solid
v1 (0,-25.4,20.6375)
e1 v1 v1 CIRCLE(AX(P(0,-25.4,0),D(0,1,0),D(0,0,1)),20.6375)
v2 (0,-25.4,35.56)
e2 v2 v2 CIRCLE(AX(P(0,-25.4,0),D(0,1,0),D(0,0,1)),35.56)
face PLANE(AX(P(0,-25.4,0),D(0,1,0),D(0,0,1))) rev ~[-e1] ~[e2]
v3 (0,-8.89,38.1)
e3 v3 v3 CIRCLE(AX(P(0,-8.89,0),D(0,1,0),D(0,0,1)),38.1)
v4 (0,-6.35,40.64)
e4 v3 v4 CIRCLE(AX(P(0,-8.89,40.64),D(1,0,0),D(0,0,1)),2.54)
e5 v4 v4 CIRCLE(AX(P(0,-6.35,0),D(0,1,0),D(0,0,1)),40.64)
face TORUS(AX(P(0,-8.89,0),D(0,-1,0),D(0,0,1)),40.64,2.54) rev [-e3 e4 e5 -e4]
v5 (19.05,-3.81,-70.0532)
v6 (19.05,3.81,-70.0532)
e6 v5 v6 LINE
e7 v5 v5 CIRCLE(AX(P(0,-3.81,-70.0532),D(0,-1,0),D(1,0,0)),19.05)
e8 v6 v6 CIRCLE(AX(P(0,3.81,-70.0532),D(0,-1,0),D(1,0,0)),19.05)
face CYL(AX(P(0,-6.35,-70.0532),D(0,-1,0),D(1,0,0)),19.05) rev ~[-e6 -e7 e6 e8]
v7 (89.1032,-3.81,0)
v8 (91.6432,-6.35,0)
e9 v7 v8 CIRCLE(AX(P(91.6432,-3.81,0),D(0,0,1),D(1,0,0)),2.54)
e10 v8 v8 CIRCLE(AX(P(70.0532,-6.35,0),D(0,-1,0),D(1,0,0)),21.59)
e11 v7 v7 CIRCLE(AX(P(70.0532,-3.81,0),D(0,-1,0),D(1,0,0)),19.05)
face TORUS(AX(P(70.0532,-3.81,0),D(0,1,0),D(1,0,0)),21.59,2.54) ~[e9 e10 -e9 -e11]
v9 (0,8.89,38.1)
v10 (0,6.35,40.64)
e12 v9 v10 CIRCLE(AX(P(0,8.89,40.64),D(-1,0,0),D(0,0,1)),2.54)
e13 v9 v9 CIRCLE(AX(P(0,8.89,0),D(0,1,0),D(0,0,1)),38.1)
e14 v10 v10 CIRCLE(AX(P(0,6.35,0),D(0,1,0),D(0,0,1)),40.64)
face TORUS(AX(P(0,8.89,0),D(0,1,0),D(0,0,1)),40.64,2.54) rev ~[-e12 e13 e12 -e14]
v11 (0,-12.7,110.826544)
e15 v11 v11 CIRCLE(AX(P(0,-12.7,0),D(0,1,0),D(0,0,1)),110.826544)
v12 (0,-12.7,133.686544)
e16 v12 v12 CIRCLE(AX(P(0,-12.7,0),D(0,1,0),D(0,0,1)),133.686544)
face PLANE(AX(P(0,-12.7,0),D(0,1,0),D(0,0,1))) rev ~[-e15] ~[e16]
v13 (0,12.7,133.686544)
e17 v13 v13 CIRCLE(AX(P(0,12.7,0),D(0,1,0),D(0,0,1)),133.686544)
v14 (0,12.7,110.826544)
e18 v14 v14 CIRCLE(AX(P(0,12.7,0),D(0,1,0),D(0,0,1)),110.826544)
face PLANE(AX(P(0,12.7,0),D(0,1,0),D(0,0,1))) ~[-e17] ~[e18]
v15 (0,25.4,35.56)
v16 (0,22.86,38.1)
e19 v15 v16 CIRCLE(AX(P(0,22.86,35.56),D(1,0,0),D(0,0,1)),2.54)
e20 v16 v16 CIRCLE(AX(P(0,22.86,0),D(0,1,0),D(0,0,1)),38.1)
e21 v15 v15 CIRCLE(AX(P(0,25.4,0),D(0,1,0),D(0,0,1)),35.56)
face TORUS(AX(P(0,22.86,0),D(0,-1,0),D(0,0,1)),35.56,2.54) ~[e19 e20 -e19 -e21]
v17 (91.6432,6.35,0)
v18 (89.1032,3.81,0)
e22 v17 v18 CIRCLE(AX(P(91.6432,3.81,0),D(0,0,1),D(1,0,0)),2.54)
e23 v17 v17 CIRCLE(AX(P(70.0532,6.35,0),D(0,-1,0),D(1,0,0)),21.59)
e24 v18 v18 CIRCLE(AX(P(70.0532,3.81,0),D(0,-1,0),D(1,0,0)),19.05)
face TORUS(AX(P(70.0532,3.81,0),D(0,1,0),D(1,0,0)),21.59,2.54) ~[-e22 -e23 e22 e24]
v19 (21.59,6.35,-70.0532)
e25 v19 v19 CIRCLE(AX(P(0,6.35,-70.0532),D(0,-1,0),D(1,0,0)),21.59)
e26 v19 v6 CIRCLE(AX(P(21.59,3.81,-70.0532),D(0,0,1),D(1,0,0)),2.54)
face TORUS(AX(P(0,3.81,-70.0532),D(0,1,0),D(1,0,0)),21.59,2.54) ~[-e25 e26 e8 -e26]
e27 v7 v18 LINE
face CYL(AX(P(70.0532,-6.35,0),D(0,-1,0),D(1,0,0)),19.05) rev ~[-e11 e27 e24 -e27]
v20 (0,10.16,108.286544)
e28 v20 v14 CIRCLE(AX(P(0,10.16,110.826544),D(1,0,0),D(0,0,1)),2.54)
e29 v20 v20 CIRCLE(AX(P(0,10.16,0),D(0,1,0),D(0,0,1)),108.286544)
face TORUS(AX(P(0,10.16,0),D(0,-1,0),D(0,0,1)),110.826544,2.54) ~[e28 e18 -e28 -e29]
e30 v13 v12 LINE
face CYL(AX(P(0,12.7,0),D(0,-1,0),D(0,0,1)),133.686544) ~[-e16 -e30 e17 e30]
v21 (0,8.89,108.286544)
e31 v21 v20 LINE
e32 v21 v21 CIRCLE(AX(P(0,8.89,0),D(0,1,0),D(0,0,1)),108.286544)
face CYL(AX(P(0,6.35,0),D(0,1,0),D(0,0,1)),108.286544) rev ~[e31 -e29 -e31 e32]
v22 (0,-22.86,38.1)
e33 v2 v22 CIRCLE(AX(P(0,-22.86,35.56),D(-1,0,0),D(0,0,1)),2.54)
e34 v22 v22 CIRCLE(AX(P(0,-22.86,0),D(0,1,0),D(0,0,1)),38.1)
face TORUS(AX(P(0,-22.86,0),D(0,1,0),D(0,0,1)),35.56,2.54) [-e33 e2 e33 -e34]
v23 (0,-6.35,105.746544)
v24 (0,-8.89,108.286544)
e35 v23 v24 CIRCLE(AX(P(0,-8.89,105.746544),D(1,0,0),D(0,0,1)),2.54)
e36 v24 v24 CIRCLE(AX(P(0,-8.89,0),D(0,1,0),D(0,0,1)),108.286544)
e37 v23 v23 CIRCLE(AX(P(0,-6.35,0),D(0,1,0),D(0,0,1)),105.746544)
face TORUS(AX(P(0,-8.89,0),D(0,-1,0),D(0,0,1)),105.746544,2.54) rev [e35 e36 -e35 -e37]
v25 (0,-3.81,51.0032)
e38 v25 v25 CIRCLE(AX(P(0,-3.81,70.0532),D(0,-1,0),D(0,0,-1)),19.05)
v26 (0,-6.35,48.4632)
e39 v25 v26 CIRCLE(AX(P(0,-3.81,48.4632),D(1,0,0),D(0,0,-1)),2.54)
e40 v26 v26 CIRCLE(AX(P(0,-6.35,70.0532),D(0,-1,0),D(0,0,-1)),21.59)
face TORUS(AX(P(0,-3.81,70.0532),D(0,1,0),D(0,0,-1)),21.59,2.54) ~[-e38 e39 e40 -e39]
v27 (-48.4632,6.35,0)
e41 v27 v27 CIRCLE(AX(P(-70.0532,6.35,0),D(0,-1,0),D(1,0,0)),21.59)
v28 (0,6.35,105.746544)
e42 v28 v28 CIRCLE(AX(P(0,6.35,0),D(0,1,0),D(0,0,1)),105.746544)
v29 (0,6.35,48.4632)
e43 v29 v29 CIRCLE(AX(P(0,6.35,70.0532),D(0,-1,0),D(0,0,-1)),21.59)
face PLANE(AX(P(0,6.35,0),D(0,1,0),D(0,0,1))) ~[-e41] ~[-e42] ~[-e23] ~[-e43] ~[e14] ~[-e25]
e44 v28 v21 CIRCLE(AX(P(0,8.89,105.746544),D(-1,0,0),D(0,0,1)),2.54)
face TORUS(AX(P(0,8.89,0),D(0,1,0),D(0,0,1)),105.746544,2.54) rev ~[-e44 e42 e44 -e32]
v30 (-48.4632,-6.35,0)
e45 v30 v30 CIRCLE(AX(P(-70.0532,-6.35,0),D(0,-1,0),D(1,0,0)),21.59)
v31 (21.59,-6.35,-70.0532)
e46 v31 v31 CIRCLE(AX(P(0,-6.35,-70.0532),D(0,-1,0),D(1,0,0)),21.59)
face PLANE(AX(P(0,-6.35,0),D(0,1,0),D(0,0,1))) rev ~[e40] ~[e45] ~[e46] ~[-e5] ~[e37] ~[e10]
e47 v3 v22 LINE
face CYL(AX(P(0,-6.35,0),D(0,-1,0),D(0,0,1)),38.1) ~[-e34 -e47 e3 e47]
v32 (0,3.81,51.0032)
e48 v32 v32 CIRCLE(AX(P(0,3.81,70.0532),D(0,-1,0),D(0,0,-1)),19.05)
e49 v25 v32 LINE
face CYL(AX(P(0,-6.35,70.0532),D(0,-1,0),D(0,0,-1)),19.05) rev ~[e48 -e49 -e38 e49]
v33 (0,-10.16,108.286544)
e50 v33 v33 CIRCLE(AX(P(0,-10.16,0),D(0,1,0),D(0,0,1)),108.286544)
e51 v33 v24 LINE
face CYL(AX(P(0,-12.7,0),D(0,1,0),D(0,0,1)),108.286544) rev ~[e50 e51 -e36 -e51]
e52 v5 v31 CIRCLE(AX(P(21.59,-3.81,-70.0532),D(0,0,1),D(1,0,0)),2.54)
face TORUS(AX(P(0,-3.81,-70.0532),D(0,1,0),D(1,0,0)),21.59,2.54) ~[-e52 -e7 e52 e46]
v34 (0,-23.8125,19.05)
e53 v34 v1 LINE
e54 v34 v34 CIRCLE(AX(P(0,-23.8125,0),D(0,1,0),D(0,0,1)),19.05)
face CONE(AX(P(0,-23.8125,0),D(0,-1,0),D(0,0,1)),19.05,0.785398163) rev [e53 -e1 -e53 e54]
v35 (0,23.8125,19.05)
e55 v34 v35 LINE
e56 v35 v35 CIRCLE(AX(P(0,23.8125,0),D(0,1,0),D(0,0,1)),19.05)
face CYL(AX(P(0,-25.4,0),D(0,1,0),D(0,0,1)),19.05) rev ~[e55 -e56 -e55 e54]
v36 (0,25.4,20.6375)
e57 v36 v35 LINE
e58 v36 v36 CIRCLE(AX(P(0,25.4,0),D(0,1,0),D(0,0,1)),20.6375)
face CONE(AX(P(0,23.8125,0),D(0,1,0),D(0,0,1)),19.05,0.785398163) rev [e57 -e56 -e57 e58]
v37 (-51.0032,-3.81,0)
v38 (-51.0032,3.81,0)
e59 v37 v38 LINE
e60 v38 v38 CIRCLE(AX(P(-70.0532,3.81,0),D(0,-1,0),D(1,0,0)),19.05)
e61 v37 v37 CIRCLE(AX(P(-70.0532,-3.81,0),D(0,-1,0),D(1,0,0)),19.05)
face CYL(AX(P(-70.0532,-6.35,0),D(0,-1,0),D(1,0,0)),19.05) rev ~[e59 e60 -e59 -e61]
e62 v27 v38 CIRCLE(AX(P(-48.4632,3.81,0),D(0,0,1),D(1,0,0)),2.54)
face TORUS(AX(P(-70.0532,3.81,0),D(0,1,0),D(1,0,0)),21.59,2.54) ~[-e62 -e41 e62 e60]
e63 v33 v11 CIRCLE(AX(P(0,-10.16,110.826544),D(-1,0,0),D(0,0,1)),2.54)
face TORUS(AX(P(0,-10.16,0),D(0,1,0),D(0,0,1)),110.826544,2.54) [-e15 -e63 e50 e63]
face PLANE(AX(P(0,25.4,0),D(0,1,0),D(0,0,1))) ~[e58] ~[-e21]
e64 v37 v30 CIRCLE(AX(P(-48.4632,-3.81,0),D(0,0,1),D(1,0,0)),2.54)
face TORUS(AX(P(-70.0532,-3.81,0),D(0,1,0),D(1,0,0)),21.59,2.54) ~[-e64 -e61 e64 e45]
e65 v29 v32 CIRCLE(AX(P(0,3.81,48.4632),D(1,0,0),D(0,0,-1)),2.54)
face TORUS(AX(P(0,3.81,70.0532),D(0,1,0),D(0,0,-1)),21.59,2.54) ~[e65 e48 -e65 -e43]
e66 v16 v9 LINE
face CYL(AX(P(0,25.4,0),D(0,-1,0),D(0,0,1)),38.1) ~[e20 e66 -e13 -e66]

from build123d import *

# Parameters (mm, degrees)
F2_R     = 19.05
F3_DEPTH = 25.4
F4_R     = 2.54
F5_SIZE  = 1.5875


with BuildPart() as f1:
    # F0 (on Right) → F1 (revolve)
    with BuildSketch(Plane.YZ):
        Polygon((0, 19.05), (25.4, 19.05), (25.4, 38.1), (6.35, 38.1), (6.35, 108.2865435958), (12.7, 108.2865435958), (12.7, 133.6865435958), (-12.7, 133.6865435958), (-12.7, 108.2865435958), (-6.35, 108.2865435958), (-6.35, 38.1), (-25.4, 38.1), (-25.4, 19.05), align=None)
    revolve(axis=Axis((0, 40.6654, 0), (0, 1, 0)))

    # F2 (on face) → F3 (cut)
    with BuildSketch(Plane.XZ.offset(6.35)):
        with Locations((70.0532, 0)):
            Circle(F2_R)
        with Locations((0, -70.0532)):
            Circle(F2_R)
        with Locations((-70.0532, 0)):
            Circle(F2_R)
        with BuildLine():
            ThreePointArc((19.05, 70.0532), (-13.4703841816, 83.5235841816), (0, 51.0032))
            ThreePointArc((0, 51.0032), (13.4703841816, 56.5828158184), (19.05, 70.0532))
        make_face()
    extrude(amount=-F3_DEPTH, mode=Mode.SUBTRACT)

    # F4
    f4_edges = [f1.edges().sort_by_distance(p)[0] for p in [
        (0, 25.4, -38.1),
        (0, 6.35, -38.1),
        (0, 12.7, -108.286544),
        (0, 6.35, -108.286544),
        (-89.1032, 6.35, 0),
        (0, 6.35, 89.1032),
        (-19.05, 6.35, -70.0532),
        (51.0032, 6.35, 0),
        (0, -25.4, -38.1),
        (0, -6.35, -38.1),
        (0, -12.7, -108.286544),
        (0, -6.35, -108.286544),
        (-89.1032, -6.35, 0),
        (-19.05, -6.35, -70.0532),
        (0, -6.35, 89.1032),
        (51.0032, -6.35, 0),
    ]]
    fillet(f4_edges, radius=F4_R)

    # F5
    f5_edges = [f1.edges().sort_by_distance(p)[0] for p in [
        (0, -25.4, -19.05),
        (0, 25.4, -19.05),
    ]]
    chamfer(f5_edges, length=F5_SIZE)


solid = f1.part
